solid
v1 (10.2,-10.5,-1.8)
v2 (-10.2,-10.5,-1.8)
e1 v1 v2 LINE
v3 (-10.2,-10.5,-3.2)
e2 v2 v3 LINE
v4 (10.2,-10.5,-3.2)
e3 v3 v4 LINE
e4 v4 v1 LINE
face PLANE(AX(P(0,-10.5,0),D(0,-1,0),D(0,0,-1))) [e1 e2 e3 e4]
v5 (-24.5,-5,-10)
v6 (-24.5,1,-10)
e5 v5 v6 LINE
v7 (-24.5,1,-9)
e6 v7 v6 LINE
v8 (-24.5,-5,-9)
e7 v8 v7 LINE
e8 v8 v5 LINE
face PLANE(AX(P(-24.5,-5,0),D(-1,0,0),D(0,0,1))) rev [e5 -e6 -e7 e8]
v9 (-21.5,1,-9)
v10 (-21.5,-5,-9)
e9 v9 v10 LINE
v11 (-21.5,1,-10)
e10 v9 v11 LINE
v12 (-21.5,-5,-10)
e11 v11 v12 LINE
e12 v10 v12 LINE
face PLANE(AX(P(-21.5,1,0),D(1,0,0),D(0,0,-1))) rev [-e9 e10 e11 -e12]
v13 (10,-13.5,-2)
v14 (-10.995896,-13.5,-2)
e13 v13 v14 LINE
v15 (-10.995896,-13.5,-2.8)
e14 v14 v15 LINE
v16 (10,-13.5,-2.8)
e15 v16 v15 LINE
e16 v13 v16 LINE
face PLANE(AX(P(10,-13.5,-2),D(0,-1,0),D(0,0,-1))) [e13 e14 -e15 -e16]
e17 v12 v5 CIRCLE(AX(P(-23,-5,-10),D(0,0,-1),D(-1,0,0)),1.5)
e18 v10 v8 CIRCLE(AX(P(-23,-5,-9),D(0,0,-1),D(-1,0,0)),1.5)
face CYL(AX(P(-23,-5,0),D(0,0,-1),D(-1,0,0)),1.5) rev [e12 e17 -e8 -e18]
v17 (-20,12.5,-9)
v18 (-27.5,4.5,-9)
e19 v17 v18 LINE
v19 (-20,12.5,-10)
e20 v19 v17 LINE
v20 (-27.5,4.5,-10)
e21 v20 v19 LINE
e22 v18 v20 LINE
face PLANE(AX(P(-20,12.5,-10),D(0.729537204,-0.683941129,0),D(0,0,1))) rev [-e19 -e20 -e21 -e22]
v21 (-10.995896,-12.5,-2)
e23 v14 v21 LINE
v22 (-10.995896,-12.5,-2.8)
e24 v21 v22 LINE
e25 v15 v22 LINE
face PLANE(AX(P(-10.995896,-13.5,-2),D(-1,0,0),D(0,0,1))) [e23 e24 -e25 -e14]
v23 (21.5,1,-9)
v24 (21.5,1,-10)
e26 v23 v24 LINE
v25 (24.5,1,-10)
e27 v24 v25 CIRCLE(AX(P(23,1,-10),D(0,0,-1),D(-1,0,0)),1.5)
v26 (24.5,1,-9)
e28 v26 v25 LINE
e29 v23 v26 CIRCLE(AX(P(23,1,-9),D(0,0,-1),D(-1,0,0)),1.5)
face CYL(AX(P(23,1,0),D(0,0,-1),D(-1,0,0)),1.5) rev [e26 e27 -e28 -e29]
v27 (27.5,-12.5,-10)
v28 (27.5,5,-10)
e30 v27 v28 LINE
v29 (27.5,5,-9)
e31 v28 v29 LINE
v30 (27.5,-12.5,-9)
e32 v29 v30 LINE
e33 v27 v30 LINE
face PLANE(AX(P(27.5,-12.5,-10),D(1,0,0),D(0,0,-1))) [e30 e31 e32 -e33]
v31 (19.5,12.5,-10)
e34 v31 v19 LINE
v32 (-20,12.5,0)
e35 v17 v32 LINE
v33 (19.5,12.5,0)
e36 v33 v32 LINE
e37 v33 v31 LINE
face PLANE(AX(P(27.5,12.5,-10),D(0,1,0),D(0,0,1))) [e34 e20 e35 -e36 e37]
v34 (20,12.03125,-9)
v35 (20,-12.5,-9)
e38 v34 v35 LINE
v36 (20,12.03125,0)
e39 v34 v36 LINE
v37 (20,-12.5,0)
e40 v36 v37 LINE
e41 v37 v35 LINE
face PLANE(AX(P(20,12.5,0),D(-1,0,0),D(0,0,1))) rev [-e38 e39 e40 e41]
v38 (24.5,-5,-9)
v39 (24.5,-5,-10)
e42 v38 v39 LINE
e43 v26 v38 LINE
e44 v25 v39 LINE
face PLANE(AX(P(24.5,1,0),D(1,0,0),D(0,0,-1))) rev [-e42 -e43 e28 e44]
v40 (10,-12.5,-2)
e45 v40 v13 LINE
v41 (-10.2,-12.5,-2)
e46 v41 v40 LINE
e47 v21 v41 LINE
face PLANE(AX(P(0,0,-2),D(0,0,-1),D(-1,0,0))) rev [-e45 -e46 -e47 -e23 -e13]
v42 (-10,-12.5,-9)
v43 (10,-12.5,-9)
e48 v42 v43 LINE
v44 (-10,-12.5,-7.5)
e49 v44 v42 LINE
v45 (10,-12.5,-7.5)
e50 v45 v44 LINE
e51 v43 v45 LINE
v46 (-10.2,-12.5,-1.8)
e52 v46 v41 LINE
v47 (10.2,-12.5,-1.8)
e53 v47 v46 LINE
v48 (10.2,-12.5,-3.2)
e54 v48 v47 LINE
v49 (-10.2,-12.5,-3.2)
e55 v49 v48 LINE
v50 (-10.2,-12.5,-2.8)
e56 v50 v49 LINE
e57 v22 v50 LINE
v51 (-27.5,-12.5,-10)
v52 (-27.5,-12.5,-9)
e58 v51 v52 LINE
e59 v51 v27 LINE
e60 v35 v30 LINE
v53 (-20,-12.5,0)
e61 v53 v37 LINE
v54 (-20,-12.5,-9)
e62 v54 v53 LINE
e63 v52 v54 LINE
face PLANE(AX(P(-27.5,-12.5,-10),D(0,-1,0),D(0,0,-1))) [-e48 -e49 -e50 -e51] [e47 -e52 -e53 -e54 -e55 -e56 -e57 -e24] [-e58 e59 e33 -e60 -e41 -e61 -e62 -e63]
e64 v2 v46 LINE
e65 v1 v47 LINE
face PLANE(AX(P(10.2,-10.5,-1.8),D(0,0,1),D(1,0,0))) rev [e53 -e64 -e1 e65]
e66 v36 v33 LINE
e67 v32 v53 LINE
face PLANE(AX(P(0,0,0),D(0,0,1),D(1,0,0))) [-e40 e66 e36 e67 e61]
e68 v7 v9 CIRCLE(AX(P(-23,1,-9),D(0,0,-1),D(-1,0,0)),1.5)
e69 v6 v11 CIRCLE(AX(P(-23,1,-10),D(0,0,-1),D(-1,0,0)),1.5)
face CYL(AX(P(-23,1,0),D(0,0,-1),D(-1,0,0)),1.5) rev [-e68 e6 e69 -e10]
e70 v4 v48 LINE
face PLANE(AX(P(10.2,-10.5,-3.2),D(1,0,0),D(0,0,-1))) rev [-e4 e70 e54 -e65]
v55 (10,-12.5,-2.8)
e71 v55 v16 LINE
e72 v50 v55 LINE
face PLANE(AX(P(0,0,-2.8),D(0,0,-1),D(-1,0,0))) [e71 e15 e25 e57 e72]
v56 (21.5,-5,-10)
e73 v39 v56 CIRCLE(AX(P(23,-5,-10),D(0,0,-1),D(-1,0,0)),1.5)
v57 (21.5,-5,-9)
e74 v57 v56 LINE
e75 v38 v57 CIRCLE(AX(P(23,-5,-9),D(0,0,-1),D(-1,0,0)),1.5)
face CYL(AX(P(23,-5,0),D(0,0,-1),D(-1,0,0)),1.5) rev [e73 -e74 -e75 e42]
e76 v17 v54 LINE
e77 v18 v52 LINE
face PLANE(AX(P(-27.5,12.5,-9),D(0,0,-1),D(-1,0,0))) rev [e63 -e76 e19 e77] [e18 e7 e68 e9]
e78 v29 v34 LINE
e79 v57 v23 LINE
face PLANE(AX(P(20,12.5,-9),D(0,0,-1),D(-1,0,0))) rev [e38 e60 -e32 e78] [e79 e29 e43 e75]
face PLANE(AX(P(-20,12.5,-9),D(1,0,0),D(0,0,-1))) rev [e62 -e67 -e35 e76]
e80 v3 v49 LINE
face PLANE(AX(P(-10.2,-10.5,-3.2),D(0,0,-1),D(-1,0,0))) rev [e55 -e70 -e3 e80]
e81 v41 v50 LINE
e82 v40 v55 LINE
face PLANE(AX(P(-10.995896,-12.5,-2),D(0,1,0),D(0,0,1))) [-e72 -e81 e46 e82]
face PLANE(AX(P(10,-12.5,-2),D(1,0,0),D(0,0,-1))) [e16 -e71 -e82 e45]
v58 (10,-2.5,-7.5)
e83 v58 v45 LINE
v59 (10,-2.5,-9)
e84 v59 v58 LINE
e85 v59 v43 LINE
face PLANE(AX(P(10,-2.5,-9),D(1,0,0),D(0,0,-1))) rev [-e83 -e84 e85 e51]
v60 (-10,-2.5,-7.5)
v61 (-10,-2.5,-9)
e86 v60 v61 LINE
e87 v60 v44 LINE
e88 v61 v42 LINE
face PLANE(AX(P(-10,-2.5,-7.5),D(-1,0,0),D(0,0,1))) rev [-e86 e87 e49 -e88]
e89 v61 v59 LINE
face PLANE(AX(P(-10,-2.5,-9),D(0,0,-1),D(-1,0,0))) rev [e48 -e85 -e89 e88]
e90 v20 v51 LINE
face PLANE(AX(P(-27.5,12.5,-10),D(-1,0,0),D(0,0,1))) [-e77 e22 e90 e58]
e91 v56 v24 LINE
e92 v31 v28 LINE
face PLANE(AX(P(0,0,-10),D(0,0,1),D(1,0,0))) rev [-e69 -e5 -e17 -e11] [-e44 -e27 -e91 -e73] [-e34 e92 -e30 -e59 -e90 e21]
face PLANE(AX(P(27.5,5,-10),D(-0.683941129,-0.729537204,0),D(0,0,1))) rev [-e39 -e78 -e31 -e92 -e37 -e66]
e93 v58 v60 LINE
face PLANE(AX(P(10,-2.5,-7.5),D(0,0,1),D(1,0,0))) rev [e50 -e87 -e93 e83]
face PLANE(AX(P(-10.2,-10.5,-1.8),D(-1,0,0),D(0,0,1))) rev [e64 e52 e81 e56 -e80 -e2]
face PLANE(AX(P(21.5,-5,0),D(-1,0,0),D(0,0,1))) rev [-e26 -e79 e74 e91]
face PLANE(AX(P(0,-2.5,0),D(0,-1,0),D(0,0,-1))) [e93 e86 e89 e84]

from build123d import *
from OCP.BRepFilletAPI import BRepFilletAPI_MakeChamfer

# Parameters (mm, degrees)
SKETCH_1_W          = 55
SKETCH_1_H          = 25
EXTRUDE_1_DEPTH     = 10
SKETCH_2_W          = 20.4
SKETCH_2_H          = 1.4
CUT_EXTRUDE_1_DEPTH = 2
SKETCH_3_W          = 7.5
SKETCH_3_H          = 9
CUT_EXTRUDE_2_DEPTH = 39.487010796
SKETCH_4_W          = 7.5
SKETCH_4_H          = 9
CUT_EXTRUDE_3_DEPTH = 39.487010796
CUT_EXTRUDE_4_DEPTH = 32.819805153
CUT_EXTRUDE_5_DEPTH = 32.819805153
SKETCH_7_W          = 20.995896459
SKETCH_7_H          = 1
EXTRUDE_2_DEPTH     = 0.8
SKETCH_8_W          = 20
SKETCH_8_H          = 1.5
CUT_EXTRUDE_6_DEPTH = 10
CHAMFER_1_SIZE      = 8
CHAMFER_1_SIZE2     = 7.5


with BuildPart() as part:
    # 草图1 → 凸台-拉伸1 (new body)
    with BuildSketch(Plane.XY):
        Rectangle(SKETCH_1_W, SKETCH_1_H)
    extrude(amount=-EXTRUDE_1_DEPTH)

    # 草图2 → 切除-拉伸1 (cut)
    with BuildSketch(Plane.XZ.offset(12.5)):
        with Locations((0, -2.5)):
            Rectangle(SKETCH_2_W, SKETCH_2_H)
    extrude(amount=-CUT_EXTRUDE_1_DEPTH, mode=Mode.SUBTRACT)

    # 草图3 → 切除-拉伸2 (cut, through all)
    with BuildSketch(Plane.XZ.offset(12.5)):
        with Locations((-23.75, -4.5)):
            Rectangle(SKETCH_3_W, SKETCH_3_H)
    extrude(amount=-CUT_EXTRUDE_2_DEPTH, mode=Mode.SUBTRACT)

    # 草图4 → 切除-拉伸3 (cut, through all)
    with BuildSketch(Plane.XZ.offset(12.5)):
        with Locations((23.75, -4.5)):
            Rectangle(SKETCH_4_W, SKETCH_4_H)
    extrude(amount=-CUT_EXTRUDE_3_DEPTH, mode=Mode.SUBTRACT)

    # 草图5 → 切除-拉伸4 (cut, through all)
    with BuildSketch(Plane(origin=(0, 0, -10), x_dir=(-1, 0, 0), z_dir=(0, 0, -1))):
        with BuildLine():
            Line((21.5, 1), (21.5, -5))
            ThreePointArc((21.5, -5), (23, -6.5), (24.5, -5))
            Line((24.5, -5), (24.5, 1))
            ThreePointArc((24.5, 1), (23, 2.5), (21.5, 1))
        make_face()
    extrude(amount=-CUT_EXTRUDE_4_DEPTH, mode=Mode.SUBTRACT)

    # 草图6 → 切除-拉伸5 (cut, through all)
    with BuildSketch(Plane(origin=(0, 0, -10), x_dir=(-1, 0, 0), z_dir=(0, 0, -1))):
        with BuildLine():
            Line((-24.5, 1), (-24.5, -5))
            ThreePointArc((-24.5, -5), (-23, -6.5), (-21.5, -5))
            Line((-21.5, -5), (-21.5, 1))
            ThreePointArc((-21.5, 1), (-23, 2.5), (-24.5, 1))
        make_face()
    extrude(amount=-CUT_EXTRUDE_5_DEPTH, mode=Mode.SUBTRACT)

    # 草图7 → 凸台-拉伸2 (add)
    with BuildSketch(Plane(origin=(0, 0, -2.8), x_dir=(-1, 0, 0), z_dir=(0, 0, -1))):
        with Locations((0.49794823, -13)):
            Rectangle(SKETCH_7_W, SKETCH_7_H)
    extrude(amount=-EXTRUDE_2_DEPTH)

    # 草图8 → 切除-拉伸6 (cut)
    with BuildSketch(Plane.XZ.offset(12.5)):
        with Locations((0, -8.25)):
            Rectangle(SKETCH_8_W, SKETCH_8_H)
    extrude(amount=-CUT_EXTRUDE_6_DEPTH, mode=Mode.SUBTRACT)

    # 倒角1: one chamfer whose edges measure the first distance from different faces: ONE call of the kernel's chamfer builder (chamfer() names one face for all edges)
    chamfer_1_edges_1 = [part.edges().sort_by_distance(p)[0] for p in [
        (27.5, 12.5, -9.5),
    ]]
    chamfer_1_side_1 = [part.faces().sort_by_distance(p)[0] for p in [
        (0, 12.5, -5.162650602),
    ]]
    chamfer_1_edges_2 = [part.edges().sort_by_distance(p)[0] for p in [
        (-27.5, 12.5, -9.5),
    ]]
    chamfer_1_side_2 = [part.faces().sort_by_distance(p)[0] for p in [
        (-27.5, 0, -9.5),
    ]]
    chamfer_1 = BRepFilletAPI_MakeChamfer(part.part.solid().wrapped)
    for e in chamfer_1_edges_1:
        chamfer_1.Add(CHAMFER_1_SIZE, CHAMFER_1_SIZE2, e.wrapped, chamfer_1_side_1[0].wrapped)  # the first distance lies on this face
    for e in chamfer_1_edges_2:
        chamfer_1.Add(CHAMFER_1_SIZE, CHAMFER_1_SIZE2, e.wrapped, chamfer_1_side_2[0].wrapped)  # the first distance lies on this face
    add(Compound.cast(chamfer_1.Shape()), mode=Mode.REPLACE)


solid = part.part
